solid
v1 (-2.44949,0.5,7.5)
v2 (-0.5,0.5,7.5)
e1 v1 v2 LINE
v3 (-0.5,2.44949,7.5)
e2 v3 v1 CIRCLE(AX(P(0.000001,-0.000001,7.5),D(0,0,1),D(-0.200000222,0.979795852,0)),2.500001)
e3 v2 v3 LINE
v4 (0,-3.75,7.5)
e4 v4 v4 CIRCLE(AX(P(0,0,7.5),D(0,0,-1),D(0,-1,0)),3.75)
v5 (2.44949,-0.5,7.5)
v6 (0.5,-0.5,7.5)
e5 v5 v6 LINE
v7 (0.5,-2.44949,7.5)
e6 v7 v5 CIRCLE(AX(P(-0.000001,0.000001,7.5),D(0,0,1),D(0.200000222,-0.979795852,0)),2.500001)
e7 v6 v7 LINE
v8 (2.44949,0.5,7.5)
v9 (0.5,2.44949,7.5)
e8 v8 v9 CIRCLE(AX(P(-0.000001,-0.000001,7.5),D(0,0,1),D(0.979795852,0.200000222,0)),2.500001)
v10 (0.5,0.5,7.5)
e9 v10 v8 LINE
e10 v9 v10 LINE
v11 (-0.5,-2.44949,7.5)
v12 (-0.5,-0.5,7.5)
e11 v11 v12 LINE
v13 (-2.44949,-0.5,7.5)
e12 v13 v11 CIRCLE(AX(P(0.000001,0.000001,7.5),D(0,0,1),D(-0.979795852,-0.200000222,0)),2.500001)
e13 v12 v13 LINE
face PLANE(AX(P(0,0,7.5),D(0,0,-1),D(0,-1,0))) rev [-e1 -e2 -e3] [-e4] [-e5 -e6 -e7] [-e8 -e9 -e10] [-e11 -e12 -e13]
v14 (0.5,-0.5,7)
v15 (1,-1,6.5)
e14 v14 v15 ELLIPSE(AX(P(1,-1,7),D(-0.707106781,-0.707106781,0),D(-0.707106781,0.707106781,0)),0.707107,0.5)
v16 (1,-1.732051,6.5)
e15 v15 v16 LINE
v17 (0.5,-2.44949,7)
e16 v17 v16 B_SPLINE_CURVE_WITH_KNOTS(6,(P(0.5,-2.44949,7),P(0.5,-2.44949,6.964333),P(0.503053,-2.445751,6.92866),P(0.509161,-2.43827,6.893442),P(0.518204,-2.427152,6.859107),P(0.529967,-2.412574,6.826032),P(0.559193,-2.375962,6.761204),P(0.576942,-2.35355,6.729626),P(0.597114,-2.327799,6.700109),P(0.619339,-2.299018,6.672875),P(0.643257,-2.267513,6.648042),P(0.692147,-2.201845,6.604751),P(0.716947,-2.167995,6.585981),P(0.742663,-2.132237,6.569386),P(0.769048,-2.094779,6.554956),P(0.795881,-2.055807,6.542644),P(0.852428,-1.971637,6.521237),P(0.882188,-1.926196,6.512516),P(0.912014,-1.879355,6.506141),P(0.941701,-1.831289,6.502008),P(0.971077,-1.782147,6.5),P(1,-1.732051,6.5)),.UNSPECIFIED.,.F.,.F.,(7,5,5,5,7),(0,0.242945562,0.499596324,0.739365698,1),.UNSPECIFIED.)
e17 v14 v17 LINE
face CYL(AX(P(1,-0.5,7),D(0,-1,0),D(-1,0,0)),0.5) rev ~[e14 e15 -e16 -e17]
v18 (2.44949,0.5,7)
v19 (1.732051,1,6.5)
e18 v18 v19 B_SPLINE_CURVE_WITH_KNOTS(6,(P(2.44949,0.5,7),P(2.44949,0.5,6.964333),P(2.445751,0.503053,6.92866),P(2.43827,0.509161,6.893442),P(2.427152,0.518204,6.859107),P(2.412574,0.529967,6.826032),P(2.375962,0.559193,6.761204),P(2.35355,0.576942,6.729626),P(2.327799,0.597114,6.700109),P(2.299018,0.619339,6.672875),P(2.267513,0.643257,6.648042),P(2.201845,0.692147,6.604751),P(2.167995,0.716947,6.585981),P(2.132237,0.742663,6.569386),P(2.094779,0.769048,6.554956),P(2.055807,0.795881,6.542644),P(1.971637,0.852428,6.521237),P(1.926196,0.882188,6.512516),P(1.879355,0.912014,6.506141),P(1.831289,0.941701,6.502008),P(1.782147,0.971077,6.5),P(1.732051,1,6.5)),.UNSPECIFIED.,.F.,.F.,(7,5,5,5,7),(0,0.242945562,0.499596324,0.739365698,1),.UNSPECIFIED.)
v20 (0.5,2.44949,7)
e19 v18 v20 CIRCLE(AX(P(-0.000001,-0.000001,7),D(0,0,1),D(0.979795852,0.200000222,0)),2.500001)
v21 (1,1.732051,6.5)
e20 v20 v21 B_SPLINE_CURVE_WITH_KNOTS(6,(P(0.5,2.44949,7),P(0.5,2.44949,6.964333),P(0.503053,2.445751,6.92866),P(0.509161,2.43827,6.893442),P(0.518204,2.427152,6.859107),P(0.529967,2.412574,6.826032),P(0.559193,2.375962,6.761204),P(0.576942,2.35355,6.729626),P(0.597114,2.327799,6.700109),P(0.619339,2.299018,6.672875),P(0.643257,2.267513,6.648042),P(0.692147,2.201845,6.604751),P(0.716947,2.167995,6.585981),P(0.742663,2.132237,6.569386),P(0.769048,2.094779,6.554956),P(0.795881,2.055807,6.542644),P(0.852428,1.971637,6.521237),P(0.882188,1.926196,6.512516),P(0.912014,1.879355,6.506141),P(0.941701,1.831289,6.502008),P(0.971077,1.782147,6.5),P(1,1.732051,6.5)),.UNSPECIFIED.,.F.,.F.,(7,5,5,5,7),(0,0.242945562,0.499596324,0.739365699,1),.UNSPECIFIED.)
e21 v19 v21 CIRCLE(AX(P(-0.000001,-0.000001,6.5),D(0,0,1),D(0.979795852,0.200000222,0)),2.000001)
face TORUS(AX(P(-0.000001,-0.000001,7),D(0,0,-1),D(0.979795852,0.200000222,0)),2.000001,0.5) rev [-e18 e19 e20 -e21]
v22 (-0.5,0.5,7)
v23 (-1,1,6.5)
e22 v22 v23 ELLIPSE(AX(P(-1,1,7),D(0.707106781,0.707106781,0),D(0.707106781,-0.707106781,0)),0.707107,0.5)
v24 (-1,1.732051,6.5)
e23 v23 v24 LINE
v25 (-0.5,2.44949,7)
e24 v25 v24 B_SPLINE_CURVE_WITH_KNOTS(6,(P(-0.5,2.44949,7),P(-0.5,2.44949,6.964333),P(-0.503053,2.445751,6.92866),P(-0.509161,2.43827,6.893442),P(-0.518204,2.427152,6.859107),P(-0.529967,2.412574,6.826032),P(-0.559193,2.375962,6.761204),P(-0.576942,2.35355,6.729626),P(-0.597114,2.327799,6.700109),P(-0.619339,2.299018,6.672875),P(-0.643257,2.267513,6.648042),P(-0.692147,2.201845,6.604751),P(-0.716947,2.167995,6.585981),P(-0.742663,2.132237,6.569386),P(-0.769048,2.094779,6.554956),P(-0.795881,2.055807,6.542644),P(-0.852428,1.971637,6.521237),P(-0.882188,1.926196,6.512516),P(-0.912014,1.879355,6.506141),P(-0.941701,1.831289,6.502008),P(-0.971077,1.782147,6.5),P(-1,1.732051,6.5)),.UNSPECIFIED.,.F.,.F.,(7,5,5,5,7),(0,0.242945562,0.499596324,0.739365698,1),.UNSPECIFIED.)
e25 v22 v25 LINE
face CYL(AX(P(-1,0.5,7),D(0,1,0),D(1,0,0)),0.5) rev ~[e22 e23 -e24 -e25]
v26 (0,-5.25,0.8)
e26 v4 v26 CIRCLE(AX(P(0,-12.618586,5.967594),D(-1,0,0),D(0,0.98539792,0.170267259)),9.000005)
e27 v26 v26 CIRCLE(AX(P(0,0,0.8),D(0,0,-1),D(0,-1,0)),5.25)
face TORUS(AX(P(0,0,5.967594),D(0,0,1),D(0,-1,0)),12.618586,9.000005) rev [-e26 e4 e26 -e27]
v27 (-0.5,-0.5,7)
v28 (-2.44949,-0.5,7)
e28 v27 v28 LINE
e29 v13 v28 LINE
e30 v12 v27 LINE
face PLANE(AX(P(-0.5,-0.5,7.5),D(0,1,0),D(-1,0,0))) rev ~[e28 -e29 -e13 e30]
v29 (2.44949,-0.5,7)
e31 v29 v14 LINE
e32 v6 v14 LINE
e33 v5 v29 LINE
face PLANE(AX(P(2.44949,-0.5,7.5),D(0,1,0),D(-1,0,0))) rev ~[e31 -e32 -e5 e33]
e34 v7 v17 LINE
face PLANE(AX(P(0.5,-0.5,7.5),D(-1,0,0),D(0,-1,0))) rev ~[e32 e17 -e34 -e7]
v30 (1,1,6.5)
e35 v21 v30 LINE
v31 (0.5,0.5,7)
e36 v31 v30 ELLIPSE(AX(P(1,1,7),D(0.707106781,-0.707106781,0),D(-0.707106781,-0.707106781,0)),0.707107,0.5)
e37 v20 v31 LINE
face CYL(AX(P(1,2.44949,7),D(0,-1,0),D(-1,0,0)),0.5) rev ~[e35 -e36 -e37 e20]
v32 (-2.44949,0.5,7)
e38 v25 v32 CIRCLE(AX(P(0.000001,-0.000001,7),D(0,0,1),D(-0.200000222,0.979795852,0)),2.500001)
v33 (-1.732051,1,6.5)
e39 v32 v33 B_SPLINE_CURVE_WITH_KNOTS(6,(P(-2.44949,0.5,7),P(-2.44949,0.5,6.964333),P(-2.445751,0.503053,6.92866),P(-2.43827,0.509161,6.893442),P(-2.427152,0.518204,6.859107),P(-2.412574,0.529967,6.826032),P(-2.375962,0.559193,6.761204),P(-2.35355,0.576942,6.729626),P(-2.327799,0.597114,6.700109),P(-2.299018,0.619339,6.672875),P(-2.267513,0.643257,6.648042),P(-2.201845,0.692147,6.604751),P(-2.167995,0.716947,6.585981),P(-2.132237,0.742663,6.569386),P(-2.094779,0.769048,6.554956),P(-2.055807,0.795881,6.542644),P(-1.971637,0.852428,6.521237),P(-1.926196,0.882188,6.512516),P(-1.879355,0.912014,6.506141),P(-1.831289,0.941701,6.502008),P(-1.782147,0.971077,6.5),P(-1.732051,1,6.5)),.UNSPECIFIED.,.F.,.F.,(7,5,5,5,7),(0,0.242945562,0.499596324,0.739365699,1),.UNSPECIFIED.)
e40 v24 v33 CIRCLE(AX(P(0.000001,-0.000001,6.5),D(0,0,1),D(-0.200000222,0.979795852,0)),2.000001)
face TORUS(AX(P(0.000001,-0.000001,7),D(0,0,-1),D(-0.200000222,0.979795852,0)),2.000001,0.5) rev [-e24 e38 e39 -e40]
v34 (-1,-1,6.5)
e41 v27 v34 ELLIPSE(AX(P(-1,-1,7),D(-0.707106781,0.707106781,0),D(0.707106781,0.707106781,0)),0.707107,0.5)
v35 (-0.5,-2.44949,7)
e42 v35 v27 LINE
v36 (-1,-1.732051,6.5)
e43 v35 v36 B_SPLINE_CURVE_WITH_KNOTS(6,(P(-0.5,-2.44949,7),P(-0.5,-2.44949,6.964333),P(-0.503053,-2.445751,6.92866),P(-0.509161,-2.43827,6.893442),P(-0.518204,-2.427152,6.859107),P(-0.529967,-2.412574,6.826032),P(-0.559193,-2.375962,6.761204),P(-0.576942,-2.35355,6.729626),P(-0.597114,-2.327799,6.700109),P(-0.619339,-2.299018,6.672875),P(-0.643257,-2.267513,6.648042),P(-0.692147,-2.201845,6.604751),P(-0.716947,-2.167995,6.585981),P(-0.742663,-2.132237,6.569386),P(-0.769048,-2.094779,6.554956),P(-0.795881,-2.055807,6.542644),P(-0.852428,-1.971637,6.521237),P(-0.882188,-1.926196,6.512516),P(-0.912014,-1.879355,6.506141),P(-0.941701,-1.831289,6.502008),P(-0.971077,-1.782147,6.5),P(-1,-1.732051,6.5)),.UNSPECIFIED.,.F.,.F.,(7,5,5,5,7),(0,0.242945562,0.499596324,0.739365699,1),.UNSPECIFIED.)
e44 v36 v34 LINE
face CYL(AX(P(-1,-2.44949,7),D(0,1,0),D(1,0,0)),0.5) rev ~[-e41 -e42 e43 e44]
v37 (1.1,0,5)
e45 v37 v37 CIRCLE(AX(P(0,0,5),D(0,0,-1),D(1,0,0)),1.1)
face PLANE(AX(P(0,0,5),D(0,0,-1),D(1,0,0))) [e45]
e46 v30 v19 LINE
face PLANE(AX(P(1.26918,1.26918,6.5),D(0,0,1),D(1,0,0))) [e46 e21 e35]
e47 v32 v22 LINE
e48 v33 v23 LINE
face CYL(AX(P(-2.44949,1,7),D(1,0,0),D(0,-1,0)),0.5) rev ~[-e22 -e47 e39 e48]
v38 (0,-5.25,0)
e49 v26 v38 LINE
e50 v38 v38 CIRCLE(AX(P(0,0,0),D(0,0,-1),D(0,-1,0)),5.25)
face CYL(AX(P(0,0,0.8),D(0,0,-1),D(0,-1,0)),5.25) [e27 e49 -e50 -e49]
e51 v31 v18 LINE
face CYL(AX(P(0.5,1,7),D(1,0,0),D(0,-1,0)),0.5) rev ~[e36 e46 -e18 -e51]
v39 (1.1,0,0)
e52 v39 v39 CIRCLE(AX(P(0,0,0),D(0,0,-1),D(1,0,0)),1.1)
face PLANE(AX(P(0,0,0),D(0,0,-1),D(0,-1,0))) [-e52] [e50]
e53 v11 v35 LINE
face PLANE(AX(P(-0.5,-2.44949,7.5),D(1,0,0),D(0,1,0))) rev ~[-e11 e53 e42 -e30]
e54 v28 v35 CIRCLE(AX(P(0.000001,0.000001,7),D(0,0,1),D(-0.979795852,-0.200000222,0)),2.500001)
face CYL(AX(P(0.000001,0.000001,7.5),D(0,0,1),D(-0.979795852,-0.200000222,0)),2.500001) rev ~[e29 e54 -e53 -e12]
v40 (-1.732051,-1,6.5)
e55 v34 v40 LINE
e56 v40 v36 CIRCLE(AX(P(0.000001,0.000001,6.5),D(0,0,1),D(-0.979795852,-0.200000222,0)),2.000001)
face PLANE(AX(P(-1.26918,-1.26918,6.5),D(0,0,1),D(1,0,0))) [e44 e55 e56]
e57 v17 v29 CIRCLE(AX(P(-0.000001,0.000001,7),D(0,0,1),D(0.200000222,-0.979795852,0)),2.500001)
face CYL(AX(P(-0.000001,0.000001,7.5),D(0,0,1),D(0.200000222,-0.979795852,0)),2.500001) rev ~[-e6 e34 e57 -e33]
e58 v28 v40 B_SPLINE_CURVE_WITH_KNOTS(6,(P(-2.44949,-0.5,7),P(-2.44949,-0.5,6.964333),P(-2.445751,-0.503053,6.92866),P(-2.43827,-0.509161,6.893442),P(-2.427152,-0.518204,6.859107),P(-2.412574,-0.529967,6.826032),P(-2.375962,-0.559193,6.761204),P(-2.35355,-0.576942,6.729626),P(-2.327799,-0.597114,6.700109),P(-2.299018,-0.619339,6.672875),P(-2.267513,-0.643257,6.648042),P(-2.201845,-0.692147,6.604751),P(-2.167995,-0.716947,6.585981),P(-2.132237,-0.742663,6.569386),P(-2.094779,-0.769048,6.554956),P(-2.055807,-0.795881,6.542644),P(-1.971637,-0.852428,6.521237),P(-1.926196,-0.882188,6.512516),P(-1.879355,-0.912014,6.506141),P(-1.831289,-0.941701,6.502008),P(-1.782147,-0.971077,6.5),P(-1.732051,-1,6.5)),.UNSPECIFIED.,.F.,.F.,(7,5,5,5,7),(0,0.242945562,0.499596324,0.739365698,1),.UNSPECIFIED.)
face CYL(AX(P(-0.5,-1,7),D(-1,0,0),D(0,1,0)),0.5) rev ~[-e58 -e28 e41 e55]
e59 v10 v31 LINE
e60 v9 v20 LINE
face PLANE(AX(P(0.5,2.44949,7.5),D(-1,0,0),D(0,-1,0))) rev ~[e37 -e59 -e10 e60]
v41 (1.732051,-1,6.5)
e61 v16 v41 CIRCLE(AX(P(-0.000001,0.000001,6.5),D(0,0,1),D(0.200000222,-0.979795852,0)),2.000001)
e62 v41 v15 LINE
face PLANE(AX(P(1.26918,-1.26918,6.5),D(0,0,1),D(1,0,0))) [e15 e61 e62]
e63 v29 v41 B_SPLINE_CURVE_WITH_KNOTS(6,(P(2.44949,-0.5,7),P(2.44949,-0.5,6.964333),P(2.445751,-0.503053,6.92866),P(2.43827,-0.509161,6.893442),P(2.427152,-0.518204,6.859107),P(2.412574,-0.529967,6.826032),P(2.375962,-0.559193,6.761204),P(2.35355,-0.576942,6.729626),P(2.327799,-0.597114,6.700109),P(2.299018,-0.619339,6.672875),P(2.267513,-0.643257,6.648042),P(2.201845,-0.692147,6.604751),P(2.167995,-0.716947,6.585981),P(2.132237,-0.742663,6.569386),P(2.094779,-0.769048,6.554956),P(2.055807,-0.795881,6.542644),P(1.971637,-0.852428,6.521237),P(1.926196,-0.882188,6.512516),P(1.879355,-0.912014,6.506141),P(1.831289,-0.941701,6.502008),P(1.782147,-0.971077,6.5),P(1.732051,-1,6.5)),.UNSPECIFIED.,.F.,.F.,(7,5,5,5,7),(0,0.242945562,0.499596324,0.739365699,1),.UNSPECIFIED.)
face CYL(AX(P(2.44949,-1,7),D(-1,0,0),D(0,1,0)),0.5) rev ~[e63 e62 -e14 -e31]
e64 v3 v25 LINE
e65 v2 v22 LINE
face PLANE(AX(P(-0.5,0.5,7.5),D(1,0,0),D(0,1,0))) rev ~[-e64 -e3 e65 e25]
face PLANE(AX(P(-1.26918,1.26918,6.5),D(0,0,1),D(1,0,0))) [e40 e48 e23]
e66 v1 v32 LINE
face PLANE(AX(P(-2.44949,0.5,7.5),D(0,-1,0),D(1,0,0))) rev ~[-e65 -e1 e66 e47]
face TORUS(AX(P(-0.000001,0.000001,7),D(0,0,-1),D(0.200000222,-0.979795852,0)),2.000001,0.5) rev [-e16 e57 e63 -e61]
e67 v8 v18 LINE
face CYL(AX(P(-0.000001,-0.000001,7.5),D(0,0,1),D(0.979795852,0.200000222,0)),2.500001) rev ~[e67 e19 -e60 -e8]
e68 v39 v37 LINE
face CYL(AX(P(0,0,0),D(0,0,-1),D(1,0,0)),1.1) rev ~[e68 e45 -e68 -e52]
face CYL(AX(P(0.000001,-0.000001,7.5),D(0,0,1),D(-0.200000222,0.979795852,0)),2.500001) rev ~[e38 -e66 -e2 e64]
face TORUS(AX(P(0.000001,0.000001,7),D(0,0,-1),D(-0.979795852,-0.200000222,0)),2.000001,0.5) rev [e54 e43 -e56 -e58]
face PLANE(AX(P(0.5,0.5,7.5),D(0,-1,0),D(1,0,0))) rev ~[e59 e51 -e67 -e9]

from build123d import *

# Parameters (mm, degrees)
F2_R     = 1.1
F3_DEPTH = 5
F5_DEPTH = 1
F6_R     = 0.5


with BuildPart() as f1:
    # F0 (on Right) → F1 (revolve)
    with BuildSketch(Plane.YZ):
        with BuildLine():
            Line((-5.25, 0), (0, 0))
            Line((0, 0), (0, 7.5))
            Line((0, 7.5), (-3.75, 7.5))
            ThreePointArc((-3.75, 7.5), (-3.835993, 4.001342), (-5.25, 0.8))
            Line((-5.25, 0.8), (-5.25, 0))
        make_face()
    revolve(axis=Axis((0, 0, 7.262046), (0, 0, -1)))

    # F2 (on face) → F3 (cut)
    with BuildSketch(Plane(origin=(0, 0, 0), x_dir=(1, 0, 0), z_dir=(0, 0, -1))):
        Circle(F2_R)
    extrude(amount=-F3_DEPTH, mode=Mode.SUBTRACT)

    # F4 (on face) → F5 (cut)
    with BuildSketch(Plane.XY.offset(7.5)):
        with BuildLine():
            Line((-0.5, 0.5), (-0.5, 2.44949))
            ThreePointArc((-0.5, 2.44949), (-1.767767, 1.767767), (-2.44949, 0.5))
            Line((-2.44949, 0.5), (-0.5, 0.5))
        make_face()
        with BuildLine():
            ThreePointArc((2.44949, 0.5), (1.767767, 1.767767), (0.5, 2.44949))
            Line((0.5, 2.44949), (0.5, 0.5))
            Line((0.5, 0.5), (2.44949, 0.5))
        make_face()
        with BuildLine():
            Line((-0.5, -0.5), (-2.44949, -0.5))
            ThreePointArc((-2.44949, -0.5), (-1.767767, -1.767767), (-0.5, -2.44949))
            Line((-0.5, -2.44949), (-0.5, -0.5))
        make_face()
        with BuildLine():
            Line((0.5, -0.5), (0.5, -2.44949))
            ThreePointArc((0.5, -2.44949), (1.767767, -1.767767), (2.44949, -0.5))
            Line((2.44949, -0.5), (0.5, -0.5))
        make_face()
    extrude(amount=-F5_DEPTH, mode=Mode.SUBTRACT)

    # F6
    f6_edges = [f1.edges().sort_by_distance(p)[0] for p in [
        (-1.474745, 0.5, 6.5),
        (-0.5, 1.474745, 6.5),
        (-1.767767, 1.767767, 6.5),
        (1.767767, 1.767767, 6.5),
        (0.5, 1.474745, 6.5),
        (1.474745, 0.5, 6.5),
        (1.474745, -0.5, 6.5),
        (0.5, -1.474745, 6.5),
        (1.767767, -1.767767, 6.5),
        (-0.5, -1.474745, 6.5),
        (-1.474745, -0.5, 6.5),
        (-1.767767, -1.767767, 6.5),
    ]]
    fillet(f6_edges, radius=F6_R)


solid = f1.part
